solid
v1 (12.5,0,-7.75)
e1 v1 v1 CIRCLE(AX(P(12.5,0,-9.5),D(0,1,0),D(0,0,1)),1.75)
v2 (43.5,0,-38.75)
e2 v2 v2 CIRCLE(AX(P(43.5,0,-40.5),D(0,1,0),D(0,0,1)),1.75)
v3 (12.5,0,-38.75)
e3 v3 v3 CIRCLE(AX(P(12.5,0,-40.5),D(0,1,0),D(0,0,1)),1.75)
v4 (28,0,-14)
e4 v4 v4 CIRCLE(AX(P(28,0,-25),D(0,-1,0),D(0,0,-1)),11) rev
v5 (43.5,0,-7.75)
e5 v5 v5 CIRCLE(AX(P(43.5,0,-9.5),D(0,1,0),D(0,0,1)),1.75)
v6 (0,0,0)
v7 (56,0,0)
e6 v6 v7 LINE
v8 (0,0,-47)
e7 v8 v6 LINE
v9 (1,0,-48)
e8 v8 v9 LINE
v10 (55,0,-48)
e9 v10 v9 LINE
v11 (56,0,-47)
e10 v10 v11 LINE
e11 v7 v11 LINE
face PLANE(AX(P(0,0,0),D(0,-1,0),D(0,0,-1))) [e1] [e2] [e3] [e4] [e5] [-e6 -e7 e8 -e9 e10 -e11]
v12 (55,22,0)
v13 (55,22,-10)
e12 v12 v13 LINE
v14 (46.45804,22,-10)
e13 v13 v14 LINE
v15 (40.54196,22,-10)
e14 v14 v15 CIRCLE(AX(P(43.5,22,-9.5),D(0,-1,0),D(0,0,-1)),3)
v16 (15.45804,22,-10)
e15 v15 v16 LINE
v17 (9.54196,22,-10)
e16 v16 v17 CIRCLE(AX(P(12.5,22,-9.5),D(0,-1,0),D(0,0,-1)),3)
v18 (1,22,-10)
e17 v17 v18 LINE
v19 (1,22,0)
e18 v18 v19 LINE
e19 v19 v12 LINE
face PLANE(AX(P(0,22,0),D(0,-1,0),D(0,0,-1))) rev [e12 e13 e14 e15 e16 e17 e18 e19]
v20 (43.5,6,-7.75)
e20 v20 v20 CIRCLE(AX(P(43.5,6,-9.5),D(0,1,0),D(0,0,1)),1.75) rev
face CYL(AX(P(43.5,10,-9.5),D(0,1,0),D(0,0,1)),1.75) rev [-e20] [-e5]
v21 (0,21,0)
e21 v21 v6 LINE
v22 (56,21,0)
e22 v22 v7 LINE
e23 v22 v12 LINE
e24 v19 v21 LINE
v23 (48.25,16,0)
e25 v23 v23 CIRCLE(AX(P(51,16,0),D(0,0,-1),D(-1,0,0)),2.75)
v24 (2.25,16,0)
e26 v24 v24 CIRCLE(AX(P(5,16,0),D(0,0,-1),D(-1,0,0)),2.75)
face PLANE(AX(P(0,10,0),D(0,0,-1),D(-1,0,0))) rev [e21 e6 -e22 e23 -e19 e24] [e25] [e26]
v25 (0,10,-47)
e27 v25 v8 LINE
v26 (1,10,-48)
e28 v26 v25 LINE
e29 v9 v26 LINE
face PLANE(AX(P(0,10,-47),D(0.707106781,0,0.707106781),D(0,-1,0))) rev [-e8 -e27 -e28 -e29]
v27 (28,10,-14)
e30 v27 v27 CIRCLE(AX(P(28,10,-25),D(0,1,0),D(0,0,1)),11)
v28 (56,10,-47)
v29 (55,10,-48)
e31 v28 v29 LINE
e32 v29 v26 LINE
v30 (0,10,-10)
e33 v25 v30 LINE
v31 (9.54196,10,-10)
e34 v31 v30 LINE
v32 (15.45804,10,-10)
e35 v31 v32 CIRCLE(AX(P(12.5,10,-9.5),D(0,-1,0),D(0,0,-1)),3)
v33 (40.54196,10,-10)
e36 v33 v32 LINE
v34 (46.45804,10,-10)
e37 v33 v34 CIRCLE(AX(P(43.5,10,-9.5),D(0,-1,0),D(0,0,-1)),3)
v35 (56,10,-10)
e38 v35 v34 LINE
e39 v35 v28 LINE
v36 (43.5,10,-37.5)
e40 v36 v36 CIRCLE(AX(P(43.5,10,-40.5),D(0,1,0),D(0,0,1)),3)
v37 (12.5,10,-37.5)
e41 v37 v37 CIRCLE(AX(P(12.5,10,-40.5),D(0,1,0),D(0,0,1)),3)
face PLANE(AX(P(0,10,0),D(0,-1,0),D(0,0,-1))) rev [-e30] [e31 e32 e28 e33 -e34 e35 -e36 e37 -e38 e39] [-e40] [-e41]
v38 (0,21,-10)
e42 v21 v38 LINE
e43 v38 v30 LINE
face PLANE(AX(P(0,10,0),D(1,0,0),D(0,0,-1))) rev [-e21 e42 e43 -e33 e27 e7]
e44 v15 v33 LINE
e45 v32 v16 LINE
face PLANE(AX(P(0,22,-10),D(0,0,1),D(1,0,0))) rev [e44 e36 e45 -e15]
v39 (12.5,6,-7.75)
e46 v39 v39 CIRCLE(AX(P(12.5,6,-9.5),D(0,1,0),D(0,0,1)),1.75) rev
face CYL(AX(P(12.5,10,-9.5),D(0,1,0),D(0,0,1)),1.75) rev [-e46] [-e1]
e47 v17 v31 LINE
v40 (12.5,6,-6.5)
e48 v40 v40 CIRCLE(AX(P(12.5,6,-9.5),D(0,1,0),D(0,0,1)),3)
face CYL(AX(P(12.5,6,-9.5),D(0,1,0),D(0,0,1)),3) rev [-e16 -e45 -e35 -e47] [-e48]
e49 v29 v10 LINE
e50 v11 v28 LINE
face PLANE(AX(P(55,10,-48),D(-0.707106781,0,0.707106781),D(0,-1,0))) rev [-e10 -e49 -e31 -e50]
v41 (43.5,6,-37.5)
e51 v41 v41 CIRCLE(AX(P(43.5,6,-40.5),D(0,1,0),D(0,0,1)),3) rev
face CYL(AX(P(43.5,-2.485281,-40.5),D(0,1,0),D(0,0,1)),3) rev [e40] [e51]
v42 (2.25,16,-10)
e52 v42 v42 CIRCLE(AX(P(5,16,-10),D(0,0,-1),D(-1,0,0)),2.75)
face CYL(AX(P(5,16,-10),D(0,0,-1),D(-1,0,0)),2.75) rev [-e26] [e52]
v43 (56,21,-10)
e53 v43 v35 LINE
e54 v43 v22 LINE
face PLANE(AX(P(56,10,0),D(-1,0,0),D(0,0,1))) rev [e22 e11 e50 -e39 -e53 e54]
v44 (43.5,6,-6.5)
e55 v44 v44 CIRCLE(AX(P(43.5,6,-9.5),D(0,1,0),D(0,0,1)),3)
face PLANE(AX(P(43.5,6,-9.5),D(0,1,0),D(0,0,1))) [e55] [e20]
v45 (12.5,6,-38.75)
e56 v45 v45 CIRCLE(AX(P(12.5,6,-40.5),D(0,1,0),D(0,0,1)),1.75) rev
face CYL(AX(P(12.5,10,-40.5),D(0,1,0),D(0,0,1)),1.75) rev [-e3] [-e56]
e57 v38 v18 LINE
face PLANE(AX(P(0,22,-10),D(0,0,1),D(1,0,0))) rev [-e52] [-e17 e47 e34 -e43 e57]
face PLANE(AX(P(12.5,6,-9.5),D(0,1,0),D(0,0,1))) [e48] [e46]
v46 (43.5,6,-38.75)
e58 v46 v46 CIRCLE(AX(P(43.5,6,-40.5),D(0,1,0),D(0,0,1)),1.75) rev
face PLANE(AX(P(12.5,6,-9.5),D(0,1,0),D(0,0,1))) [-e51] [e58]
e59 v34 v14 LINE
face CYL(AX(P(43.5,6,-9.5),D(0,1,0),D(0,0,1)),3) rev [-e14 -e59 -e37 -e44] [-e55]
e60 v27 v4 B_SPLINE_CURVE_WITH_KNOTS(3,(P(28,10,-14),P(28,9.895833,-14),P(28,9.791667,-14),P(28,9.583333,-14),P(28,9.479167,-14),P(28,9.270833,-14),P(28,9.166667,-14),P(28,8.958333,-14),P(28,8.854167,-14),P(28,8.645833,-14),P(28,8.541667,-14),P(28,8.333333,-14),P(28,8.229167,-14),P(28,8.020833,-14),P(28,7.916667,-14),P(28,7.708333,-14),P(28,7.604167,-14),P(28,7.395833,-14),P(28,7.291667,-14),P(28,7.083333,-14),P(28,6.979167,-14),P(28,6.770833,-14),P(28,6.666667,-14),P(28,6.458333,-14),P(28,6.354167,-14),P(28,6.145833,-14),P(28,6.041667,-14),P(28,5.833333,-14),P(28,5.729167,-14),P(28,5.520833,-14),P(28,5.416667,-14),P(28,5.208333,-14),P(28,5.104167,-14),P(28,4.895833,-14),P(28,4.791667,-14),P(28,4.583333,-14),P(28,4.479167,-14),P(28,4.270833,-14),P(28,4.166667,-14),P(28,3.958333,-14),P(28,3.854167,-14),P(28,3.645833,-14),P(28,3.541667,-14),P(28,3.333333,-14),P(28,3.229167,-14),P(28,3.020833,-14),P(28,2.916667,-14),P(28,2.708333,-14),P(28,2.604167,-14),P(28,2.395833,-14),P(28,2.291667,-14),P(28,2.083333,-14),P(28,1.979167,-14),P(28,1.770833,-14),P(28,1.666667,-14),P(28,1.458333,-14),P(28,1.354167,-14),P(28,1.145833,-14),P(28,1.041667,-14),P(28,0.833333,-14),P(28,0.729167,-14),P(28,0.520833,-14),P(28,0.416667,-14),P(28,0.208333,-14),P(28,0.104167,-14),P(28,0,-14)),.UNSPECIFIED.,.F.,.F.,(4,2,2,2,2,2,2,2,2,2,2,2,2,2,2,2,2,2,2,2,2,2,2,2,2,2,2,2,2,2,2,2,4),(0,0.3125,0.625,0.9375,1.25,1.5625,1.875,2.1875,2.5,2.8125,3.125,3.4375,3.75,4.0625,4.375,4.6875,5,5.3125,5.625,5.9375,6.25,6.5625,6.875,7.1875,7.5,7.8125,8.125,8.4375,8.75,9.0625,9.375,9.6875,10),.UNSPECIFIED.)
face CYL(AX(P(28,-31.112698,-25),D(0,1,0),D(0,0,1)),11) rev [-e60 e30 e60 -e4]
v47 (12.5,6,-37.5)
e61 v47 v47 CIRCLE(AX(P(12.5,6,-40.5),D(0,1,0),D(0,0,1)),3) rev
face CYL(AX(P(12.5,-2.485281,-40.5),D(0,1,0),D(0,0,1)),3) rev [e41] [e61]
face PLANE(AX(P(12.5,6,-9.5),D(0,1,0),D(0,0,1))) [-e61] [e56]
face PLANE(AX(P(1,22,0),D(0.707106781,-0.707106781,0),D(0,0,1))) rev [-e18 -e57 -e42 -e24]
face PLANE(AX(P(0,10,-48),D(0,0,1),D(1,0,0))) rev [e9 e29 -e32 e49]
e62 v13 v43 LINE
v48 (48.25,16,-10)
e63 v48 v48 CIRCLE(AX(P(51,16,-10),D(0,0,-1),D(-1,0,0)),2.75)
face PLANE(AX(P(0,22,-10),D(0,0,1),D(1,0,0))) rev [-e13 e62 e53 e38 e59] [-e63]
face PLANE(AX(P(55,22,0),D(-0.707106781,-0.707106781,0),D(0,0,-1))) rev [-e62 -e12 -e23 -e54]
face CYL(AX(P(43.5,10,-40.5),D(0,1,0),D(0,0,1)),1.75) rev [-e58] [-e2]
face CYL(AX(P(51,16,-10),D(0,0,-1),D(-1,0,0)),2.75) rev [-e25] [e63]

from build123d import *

# Parameters (mm, degrees)
SKETCH_1_W              = 56
SKETCH_1_H              = 48
EXTRUDE_1_DEPTH         = 10
SKETCH_2_R              = 11
CUT_EXTRUDE_1_DEPTH     = 10
HOLE_WIZARD_3_5_3_5_1_D = 3.5
SKETCH_8_W              = 56
SKETCH_8_H              = 10
EXTRUDE_2_DEPTH         = 12
HOLE_WIZARD_5_5_5_5_1_D = 5.5
SKETCH_11_R             = 3
CUT_EXTRUDE_2_DEPTH     = 16
SKETCH_13_R             = 3
CUT_EXTRUDE_3_DEPTH     = 4
CHAMFER_1_SIZE          = 1
CHAMFER_2_SIZE          = 1


with BuildPart() as part:
    # 草图1 → 凸台-拉伸1 (new body)
    with BuildSketch(Plane(origin=(0, 0, 0), x_dir=(1, 0, 0), z_dir=(0, 1, 0))):
        with Locations((28, 24)):
            Rectangle(SKETCH_1_W, SKETCH_1_H)
    extrude(amount=EXTRUDE_1_DEPTH)

    # 草图2 → 切除-拉伸1 (cut)
    with BuildSketch(Plane(origin=(0, 10, 0), x_dir=(1, 0, 0), z_dir=(0, 1, 0))):
        with Locations(Location((28, 25, 0), (0, 0, 270))):
            Circle(SKETCH_2_R)
    extrude(amount=-CUT_EXTRUDE_1_DEPTH, mode=Mode.SUBTRACT)

    # Ø3.5 (3.5) 直径孔1 (through all)
    with Locations(Plane(origin=(0, 10, 0), x_dir=(1, 0, 0), z_dir=(0, 1, 0))):
        with Locations((12.5, 40.5), (43.5, 40.5), (43.5, 9.5), (12.5, 9.5)):
            Hole(HOLE_WIZARD_3_5_3_5_1_D / 2)

    # 草图8 → 凸台-拉伸2 (add)
    with BuildSketch(Plane(origin=(0, 10, 0), x_dir=(1, 0, 0), z_dir=(0, 1, 0))):
        with Locations((28, 5)):
            Rectangle(SKETCH_8_W, SKETCH_8_H)
    extrude(amount=EXTRUDE_2_DEPTH)

    # Ø5.5 (5.5) 直径孔1 (through all)
    with Locations(Plane(origin=(0, 0, -10), x_dir=(-1, 0, 0), z_dir=(0, 0, -1))):
        with Locations((-51, 16), (-5, 16)):
            Hole(HOLE_WIZARD_5_5_5_5_1_D / 2)

    # 草图11 → 切除-拉伸2 (cut)
    with BuildSketch(Plane(origin=(0, 22, 0), x_dir=(1, 0, 0), z_dir=(0, 1, 0))):
        with Locations(Location((12.5, 9.5, 0), (0, 0, 270))):
            Circle(SKETCH_11_R)
        with Locations(Location((43.5, 9.5, 0), (0, 0, 270))):
            Circle(SKETCH_11_R)
    extrude(amount=-CUT_EXTRUDE_2_DEPTH, mode=Mode.SUBTRACT)

    # 草图13 → 切除-拉伸3 (cut)
    with BuildSketch(Plane(origin=(0, 10, 0), x_dir=(1, 0, 0), z_dir=(0, 1, 0))):
        with Locations(Location((12.5, 40.5, 0), (0, 0, 270))):
            Circle(SKETCH_13_R)
        with Locations(Location((43.5, 40.5, 0), (0, 0, 270))):
            Circle(SKETCH_13_R)
    extrude(amount=-CUT_EXTRUDE_3_DEPTH, mode=Mode.SUBTRACT)

    # 倒角1
    chamfer_1_edges = [part.edges().sort_by_distance(p)[0] for p in [
        (56, 5, -48),
        (0, 5, -48),
    ]]
    chamfer(chamfer_1_edges, length=CHAMFER_1_SIZE)

    # 倒角2
    chamfer_2_edges = [part.edges().sort_by_distance(p)[0] for p in [
        (56, 22, -5),
        (0, 22, -5),
    ]]
    chamfer(chamfer_2_edges, length=CHAMFER_2_SIZE)


solid = part.part
